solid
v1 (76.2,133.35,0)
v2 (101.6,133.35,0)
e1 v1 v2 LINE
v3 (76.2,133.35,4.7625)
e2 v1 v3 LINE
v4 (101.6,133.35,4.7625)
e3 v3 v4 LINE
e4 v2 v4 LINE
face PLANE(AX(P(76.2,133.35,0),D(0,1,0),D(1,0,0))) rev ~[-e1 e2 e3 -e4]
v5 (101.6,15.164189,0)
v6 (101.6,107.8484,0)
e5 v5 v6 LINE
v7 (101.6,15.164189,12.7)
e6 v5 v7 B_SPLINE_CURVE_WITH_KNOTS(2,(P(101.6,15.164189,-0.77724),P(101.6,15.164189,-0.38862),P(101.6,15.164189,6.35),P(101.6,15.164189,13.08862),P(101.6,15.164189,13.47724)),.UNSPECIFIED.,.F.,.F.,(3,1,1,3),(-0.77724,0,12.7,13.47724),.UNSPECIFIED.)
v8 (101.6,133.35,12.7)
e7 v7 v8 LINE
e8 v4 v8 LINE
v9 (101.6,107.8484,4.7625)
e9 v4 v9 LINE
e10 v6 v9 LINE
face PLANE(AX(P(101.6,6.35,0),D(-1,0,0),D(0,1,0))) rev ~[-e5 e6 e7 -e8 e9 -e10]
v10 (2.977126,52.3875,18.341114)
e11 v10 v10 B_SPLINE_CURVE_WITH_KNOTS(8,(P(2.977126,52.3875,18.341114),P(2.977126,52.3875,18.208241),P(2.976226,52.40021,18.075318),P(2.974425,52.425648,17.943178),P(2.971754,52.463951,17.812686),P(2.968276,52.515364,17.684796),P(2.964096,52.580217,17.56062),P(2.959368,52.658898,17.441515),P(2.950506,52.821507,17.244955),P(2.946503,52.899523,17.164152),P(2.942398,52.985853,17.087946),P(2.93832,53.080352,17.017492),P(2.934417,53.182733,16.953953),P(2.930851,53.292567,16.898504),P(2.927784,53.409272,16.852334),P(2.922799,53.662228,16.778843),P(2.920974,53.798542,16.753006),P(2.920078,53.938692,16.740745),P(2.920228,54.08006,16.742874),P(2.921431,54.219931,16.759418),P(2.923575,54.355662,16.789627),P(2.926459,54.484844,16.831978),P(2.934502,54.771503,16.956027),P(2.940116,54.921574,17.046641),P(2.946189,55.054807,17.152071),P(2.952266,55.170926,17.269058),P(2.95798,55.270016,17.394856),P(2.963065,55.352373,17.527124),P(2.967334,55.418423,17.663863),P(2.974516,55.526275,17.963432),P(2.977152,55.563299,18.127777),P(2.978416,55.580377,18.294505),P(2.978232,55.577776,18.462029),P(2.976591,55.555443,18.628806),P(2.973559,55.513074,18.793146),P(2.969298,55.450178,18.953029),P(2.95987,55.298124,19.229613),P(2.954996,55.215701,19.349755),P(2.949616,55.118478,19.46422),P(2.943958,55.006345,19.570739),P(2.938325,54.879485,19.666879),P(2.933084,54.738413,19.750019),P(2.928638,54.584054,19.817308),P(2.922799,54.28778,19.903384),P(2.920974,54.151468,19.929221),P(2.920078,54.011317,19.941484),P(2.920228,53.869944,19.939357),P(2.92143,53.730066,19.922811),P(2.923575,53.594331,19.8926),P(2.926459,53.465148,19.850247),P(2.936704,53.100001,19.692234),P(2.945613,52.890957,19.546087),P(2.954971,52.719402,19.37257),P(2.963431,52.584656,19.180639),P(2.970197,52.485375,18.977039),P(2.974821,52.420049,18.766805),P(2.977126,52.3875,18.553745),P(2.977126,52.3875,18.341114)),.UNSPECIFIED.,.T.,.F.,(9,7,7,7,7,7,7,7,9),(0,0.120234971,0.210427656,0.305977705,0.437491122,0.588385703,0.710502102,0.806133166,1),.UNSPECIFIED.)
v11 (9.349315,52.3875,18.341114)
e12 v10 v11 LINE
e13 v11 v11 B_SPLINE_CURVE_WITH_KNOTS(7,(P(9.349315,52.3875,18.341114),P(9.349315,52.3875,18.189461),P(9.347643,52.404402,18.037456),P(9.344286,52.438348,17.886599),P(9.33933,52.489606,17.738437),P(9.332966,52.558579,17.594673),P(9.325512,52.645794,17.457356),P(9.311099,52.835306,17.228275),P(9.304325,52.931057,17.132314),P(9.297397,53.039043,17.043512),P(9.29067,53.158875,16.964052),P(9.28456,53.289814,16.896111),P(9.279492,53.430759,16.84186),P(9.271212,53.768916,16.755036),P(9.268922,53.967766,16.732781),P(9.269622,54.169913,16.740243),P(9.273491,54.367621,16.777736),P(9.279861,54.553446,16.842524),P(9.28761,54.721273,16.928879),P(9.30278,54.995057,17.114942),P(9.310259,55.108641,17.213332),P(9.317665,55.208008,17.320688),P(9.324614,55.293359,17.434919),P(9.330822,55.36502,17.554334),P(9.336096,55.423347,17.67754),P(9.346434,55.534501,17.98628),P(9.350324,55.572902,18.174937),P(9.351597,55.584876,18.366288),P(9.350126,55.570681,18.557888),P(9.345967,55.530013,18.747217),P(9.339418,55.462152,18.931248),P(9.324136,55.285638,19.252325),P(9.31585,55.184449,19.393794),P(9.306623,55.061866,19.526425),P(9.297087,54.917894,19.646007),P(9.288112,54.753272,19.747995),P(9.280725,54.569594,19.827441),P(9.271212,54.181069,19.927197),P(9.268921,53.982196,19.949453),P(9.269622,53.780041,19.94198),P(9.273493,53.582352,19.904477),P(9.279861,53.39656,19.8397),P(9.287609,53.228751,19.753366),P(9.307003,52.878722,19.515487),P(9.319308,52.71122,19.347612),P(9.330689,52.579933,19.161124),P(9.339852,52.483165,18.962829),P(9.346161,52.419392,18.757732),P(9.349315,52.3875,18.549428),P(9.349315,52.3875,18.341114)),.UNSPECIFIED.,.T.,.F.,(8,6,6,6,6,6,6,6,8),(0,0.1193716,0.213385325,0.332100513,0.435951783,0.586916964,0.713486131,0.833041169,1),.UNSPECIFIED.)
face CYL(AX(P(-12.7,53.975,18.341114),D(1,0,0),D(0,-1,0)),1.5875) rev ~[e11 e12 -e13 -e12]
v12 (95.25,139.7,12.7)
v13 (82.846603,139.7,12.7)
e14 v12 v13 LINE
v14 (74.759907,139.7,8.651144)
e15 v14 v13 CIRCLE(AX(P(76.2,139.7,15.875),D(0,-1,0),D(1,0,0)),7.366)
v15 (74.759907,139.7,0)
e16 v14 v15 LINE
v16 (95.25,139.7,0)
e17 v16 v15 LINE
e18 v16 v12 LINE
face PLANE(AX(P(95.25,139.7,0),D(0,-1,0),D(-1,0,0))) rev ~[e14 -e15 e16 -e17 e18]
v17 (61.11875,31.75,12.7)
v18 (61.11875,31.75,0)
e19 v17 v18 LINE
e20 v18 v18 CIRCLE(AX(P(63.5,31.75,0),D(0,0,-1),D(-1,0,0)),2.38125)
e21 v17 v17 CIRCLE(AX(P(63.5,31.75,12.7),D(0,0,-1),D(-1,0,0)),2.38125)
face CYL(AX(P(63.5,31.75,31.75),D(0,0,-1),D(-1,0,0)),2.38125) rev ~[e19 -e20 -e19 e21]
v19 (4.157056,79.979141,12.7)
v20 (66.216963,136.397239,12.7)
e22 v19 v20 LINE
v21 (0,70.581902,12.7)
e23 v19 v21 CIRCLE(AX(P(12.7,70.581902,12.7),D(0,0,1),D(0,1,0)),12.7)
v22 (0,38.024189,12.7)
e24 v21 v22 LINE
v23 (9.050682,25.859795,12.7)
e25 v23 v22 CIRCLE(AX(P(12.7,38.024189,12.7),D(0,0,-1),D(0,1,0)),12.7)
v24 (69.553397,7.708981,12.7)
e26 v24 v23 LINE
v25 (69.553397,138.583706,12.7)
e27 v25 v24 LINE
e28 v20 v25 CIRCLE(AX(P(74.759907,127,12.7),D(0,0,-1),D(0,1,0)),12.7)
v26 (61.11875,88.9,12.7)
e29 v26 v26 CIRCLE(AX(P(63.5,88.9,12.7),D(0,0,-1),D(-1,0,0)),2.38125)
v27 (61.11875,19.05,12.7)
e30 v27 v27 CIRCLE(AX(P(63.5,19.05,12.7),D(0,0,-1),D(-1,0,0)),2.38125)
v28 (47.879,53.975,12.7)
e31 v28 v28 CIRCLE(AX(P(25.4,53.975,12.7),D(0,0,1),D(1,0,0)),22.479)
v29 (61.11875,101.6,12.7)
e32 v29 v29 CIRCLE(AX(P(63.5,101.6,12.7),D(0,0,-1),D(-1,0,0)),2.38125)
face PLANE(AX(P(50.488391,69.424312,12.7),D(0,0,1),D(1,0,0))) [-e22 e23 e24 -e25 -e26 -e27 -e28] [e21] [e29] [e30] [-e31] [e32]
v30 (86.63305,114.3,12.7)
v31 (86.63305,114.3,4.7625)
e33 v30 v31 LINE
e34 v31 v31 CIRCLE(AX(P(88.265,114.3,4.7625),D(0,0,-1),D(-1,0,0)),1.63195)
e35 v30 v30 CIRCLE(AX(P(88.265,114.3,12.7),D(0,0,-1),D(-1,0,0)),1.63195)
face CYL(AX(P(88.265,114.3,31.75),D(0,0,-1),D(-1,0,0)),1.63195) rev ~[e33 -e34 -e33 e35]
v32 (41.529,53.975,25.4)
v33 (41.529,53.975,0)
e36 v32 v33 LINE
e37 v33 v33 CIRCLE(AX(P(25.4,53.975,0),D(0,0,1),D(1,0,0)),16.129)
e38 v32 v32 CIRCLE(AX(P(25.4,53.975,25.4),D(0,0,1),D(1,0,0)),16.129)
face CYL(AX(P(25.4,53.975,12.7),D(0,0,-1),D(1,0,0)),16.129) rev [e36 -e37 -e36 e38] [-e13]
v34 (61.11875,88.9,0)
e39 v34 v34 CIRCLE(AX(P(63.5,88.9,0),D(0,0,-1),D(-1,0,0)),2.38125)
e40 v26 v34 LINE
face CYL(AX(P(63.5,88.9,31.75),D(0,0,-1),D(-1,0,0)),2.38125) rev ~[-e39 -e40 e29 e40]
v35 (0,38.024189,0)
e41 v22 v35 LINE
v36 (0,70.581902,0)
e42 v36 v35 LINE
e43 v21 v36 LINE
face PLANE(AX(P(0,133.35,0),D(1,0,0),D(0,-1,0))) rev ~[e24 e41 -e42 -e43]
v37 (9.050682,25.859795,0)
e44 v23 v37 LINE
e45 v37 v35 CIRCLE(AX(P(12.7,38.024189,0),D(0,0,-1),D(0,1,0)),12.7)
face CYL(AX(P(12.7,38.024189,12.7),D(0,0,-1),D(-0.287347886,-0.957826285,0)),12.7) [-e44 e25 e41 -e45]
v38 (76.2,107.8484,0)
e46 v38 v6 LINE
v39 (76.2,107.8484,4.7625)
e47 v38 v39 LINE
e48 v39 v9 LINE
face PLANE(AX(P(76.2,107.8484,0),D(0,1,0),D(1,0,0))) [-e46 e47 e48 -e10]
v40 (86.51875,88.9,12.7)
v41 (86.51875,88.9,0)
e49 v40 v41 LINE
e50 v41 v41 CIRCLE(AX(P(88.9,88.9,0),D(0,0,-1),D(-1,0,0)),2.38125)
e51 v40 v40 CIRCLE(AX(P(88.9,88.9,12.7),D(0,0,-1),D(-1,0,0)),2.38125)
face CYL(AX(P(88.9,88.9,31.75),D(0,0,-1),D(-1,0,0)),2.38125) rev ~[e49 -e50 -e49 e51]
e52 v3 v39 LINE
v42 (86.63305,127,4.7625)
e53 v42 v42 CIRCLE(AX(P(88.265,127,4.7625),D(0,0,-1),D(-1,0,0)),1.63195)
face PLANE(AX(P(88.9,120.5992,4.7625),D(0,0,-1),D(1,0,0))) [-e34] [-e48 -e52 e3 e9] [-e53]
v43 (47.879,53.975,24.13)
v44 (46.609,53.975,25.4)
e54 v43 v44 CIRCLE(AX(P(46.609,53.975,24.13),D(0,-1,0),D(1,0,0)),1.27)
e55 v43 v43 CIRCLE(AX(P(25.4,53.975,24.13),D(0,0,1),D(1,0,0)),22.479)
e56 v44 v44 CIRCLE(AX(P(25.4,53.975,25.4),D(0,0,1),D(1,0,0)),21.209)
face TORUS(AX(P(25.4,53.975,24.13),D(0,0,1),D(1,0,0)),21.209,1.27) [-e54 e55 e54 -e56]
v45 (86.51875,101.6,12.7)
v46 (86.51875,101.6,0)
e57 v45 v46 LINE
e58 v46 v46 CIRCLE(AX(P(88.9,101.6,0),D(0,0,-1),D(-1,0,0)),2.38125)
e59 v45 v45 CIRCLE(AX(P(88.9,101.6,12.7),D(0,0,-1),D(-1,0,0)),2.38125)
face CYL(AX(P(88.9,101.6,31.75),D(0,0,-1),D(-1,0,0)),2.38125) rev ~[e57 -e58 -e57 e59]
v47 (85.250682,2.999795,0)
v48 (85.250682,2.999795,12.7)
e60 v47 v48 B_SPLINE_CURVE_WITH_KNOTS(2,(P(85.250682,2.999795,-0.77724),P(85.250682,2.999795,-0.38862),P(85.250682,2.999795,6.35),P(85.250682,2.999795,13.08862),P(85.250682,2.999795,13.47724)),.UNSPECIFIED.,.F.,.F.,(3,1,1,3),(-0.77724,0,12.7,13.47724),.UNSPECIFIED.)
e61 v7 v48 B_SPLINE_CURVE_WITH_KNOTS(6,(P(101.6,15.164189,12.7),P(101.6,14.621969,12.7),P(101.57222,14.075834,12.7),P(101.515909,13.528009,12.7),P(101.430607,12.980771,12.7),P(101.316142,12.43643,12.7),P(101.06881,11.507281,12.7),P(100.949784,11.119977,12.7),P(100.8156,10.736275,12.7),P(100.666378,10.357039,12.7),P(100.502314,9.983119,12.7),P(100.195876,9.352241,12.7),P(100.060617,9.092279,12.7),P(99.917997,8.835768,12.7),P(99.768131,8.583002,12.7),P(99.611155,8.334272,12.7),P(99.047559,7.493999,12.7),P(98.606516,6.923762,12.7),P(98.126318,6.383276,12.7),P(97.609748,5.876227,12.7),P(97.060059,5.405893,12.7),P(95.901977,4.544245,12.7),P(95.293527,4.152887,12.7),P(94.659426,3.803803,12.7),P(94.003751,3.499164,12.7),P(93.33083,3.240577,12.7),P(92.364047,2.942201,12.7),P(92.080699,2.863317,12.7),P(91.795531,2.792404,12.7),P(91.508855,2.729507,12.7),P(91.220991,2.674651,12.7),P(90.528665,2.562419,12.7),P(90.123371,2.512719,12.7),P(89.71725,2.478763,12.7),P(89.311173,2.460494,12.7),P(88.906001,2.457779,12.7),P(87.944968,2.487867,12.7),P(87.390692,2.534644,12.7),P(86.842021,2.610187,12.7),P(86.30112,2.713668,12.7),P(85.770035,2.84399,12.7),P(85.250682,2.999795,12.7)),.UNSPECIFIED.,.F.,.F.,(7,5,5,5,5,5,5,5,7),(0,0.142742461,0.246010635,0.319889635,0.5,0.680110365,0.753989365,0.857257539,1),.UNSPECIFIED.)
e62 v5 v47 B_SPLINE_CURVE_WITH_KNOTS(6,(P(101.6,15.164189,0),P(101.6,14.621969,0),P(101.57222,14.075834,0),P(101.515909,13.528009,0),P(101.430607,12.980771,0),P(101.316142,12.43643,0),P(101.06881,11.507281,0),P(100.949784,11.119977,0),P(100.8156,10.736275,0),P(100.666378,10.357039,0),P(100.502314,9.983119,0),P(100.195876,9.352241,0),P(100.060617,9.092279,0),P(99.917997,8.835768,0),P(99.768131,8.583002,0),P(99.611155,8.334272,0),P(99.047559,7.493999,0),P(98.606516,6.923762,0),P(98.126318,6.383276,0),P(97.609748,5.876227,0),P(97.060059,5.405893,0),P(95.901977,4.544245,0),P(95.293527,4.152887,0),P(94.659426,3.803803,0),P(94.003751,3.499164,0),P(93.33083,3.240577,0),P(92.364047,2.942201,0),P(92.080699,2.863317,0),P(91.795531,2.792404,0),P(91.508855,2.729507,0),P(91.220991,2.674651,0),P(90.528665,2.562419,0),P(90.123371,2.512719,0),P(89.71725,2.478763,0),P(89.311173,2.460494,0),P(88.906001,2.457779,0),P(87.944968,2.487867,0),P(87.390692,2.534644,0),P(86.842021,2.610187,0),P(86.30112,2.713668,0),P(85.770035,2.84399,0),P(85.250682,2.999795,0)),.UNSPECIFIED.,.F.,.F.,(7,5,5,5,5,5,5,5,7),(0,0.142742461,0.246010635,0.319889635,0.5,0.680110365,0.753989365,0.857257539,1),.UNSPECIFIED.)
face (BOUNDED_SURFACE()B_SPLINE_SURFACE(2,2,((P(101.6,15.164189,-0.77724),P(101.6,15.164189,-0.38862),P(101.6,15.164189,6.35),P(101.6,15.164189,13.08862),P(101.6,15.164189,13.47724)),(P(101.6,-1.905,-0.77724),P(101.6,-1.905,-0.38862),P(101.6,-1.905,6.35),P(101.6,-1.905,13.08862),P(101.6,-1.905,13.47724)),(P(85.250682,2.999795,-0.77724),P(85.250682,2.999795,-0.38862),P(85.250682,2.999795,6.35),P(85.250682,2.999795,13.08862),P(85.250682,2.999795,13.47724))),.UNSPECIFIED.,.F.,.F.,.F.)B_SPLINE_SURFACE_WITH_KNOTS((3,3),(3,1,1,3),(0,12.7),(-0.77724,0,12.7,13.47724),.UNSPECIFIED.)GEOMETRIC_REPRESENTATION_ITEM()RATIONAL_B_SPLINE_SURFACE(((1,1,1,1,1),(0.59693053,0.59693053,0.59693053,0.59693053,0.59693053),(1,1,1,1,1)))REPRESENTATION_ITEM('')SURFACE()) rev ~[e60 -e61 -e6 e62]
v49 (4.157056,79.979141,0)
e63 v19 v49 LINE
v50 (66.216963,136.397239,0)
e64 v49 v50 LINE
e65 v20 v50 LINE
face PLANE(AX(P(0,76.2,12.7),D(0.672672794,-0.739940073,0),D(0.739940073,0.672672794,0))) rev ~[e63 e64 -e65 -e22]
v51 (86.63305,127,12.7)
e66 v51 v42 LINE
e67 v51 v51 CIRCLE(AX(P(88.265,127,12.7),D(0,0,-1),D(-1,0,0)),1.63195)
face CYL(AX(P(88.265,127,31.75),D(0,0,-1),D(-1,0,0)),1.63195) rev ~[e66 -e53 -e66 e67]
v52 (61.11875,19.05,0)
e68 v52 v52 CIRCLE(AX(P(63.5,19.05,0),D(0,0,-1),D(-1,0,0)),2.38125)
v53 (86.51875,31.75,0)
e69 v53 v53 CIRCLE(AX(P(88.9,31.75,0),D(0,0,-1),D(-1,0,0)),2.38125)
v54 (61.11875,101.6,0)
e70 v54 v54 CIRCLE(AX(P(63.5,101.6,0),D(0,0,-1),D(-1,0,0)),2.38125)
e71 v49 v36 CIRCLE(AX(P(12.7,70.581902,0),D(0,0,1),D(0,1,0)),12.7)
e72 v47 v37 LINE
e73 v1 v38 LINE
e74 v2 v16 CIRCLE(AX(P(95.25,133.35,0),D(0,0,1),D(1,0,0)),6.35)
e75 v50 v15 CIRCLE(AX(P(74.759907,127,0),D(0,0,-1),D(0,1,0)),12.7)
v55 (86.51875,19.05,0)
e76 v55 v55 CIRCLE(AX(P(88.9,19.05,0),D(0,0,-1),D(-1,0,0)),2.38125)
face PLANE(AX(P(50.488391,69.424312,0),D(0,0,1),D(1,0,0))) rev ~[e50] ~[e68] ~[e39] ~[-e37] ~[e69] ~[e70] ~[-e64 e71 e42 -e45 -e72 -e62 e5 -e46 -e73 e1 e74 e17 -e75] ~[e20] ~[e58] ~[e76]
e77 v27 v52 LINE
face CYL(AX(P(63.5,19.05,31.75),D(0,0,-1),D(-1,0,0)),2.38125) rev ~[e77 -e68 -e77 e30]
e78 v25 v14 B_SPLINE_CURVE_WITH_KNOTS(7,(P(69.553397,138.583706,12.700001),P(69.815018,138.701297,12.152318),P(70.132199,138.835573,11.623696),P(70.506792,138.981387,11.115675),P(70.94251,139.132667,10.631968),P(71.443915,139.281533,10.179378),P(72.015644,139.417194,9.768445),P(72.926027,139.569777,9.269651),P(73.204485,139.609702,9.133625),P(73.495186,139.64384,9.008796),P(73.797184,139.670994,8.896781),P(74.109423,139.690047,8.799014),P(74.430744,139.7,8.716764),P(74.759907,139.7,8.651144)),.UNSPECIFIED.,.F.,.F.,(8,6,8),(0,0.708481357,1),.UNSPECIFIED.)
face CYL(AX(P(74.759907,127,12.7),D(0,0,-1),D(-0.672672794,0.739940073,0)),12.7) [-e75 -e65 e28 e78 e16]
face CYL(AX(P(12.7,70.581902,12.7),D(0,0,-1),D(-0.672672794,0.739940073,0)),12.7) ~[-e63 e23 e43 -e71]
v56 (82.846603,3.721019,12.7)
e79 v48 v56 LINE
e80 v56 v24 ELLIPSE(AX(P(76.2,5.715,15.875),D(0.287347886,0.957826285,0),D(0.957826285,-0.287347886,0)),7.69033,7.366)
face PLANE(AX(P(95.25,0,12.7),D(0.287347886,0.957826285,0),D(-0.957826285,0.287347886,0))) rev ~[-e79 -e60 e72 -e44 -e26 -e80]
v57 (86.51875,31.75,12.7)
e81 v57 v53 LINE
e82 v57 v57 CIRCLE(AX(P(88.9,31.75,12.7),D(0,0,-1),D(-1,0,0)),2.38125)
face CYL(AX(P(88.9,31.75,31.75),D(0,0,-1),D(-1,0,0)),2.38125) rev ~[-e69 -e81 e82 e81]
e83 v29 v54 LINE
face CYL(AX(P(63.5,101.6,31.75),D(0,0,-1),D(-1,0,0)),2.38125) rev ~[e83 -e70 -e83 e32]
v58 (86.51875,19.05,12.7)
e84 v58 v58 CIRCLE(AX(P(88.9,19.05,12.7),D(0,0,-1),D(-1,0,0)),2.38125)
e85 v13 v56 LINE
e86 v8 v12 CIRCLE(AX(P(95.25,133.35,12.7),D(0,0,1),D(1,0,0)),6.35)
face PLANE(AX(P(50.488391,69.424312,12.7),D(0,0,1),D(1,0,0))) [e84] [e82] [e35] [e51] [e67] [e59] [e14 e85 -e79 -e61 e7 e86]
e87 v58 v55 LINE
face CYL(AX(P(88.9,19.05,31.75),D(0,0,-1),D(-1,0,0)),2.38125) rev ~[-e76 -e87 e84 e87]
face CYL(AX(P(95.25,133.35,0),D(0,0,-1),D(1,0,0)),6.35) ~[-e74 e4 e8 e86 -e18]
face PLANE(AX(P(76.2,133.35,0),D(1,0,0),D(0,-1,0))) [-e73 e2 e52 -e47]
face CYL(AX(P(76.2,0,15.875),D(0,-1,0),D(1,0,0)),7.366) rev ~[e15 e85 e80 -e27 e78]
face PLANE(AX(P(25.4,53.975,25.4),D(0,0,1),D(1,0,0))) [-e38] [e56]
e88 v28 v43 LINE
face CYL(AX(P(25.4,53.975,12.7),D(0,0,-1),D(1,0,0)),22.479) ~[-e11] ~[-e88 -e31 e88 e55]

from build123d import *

# Parameters (mm, degrees)
F0_R      = 16.129
F1_DEPTH  = 12.7
F2_R      = 22.479
F2_R_2    = 16.129
F3_DEPTH  = 12.7
F5_D      = 3.2639
F5_DEPTH  = 19.05
F5_TIP    = 0.9805744872
F7_DEPTH  = 12.7
F8_R      = 12.7
F9_R      = 7.366
F10_DEPTH = 152.4
F11_R     = 1.27
F13_D     = 3.175
F13_DEPTH = 12.7
F13_TIP   = 0.9538662327
F15_D     = 4.7625
F15_DEPTH = 19.05
F15_TIP   = 1.4307993491
F16_W     = 25.4
F16_H     = 25.5016
F17_DEPTH = 4.7625


with BuildPart() as f1:
    # F0 (on Top) → F1 (new body)
    with BuildSketch(Plane.XY):
        with BuildLine():
            Line((0, 133.35), (0, 0))
            Line((0, 0), (95.25, 0))
            ThreePointArc((95.25, 0), (99.7401280605, 1.8598719395), (101.6, 6.35))
            Line((101.6, 6.35), (101.6, 133.35))
            ThreePointArc((101.6, 133.35), (99.7401280605, 137.8401280605), (95.25, 139.7))
            Line((95.25, 139.7), (6.35, 139.7))
            ThreePointArc((6.35, 139.7), (1.8598719395, 137.8401280605), (0, 133.35))
        make_face()
        with Locations((25.4, 53.975)):
            Circle(F0_R, mode=Mode.SUBTRACT)
    extrude(amount=F1_DEPTH)

    # F2 (on face) → F3 (join)
    with BuildSketch(Plane.XY.offset(12.7)):
        with Locations((25.4, 53.975)):
            Circle(F2_R)
        with Locations((25.4, 53.975)):
            Circle(F2_R_2, mode=Mode.SUBTRACT)
    extrude(amount=F3_DEPTH)

    # F5
    with Locations(Plane.XY.offset(12.7)):
        with Locations((88.265, 127), (88.265, 114.3)):
            Hole(F5_D / 2, depth=F5_DEPTH)
            with Locations((0, 0, -(F5_DEPTH + F5_TIP / 2))):  # 118° drill point
                Cone(0, F5_D / 2, F5_TIP, mode=Mode.SUBTRACT)

    # F6 (on face) → F7 (cut, through all)
    with BuildSketch(Plane.XY.offset(12.7)):
        Polygon((95.25, 0), (0, 28.575), (0, 0), align=None)
        Polygon((0, 139.7), (0, 76.2), (69.85, 139.7), align=None)
    extrude(amount=-F7_DEPTH, mode=Mode.SUBTRACT)

    # F8
    f8_edges = [f1.edges().sort_by_distance(p)[0] for p in [
        (0, 28.575, 6.35),
        (0, 76.2, 6.35),
        (69.85, 139.7, 6.35),
        (95.25, 0, 6.35),
    ]]
    fillet(f8_edges, radius=F8_R)

    # F9 (on Front) → F10 (cut)
    with BuildSketch(Plane.XZ):
        with Locations((76.2, 15.875)):
            Circle(F9_R)
    extrude(amount=-F10_DEPTH, mode=Mode.SUBTRACT)

    # F11
    f11_edges = [f1.edges().sort_by_distance(p)[0] for p in [
        (2.921, 53.975, 25.4),
    ]]
    fillet(f11_edges, radius=F11_R)

    # F13
    with Locations(Plane(origin=(0, 0, 0), x_dir=(0, 1, 0), z_dir=(-1, 0, 0))):
        with Locations((53.975, -18.3411143556)):
            Hole(F13_D / 2, depth=F13_DEPTH)
            with Locations((0, 0, -(F13_DEPTH + F13_TIP / 2))):  # 118° drill point
                Cone(0, F13_D / 2, F13_TIP, mode=Mode.SUBTRACT)

    # F15
    with Locations(Plane.XY.offset(12.7)):
        with Locations((88.9, 101.6), (88.9, 88.9), (63.5, 101.6), (63.5, 88.9), (63.5, 31.75), (63.5, 19.05), (88.9, 19.05), (88.9, 31.75)):
            Hole(F15_D / 2, depth=F15_DEPTH)
            with Locations((0, 0, -(F15_DEPTH + F15_TIP / 2))):  # 118° drill point
                Cone(0, F15_D / 2, F15_TIP, mode=Mode.SUBTRACT)

    # F16 (on face) → F17 (cut)
    with BuildSketch(Plane(origin=(0, 0, 0), x_dir=(1, 0, 0), z_dir=(0, 0, -1))):
        with Locations((88.9, -120.5992)):
            Rectangle(F16_W, F16_H)
    extrude(amount=-F17_DEPTH, mode=Mode.SUBTRACT)


solid = f1.part
